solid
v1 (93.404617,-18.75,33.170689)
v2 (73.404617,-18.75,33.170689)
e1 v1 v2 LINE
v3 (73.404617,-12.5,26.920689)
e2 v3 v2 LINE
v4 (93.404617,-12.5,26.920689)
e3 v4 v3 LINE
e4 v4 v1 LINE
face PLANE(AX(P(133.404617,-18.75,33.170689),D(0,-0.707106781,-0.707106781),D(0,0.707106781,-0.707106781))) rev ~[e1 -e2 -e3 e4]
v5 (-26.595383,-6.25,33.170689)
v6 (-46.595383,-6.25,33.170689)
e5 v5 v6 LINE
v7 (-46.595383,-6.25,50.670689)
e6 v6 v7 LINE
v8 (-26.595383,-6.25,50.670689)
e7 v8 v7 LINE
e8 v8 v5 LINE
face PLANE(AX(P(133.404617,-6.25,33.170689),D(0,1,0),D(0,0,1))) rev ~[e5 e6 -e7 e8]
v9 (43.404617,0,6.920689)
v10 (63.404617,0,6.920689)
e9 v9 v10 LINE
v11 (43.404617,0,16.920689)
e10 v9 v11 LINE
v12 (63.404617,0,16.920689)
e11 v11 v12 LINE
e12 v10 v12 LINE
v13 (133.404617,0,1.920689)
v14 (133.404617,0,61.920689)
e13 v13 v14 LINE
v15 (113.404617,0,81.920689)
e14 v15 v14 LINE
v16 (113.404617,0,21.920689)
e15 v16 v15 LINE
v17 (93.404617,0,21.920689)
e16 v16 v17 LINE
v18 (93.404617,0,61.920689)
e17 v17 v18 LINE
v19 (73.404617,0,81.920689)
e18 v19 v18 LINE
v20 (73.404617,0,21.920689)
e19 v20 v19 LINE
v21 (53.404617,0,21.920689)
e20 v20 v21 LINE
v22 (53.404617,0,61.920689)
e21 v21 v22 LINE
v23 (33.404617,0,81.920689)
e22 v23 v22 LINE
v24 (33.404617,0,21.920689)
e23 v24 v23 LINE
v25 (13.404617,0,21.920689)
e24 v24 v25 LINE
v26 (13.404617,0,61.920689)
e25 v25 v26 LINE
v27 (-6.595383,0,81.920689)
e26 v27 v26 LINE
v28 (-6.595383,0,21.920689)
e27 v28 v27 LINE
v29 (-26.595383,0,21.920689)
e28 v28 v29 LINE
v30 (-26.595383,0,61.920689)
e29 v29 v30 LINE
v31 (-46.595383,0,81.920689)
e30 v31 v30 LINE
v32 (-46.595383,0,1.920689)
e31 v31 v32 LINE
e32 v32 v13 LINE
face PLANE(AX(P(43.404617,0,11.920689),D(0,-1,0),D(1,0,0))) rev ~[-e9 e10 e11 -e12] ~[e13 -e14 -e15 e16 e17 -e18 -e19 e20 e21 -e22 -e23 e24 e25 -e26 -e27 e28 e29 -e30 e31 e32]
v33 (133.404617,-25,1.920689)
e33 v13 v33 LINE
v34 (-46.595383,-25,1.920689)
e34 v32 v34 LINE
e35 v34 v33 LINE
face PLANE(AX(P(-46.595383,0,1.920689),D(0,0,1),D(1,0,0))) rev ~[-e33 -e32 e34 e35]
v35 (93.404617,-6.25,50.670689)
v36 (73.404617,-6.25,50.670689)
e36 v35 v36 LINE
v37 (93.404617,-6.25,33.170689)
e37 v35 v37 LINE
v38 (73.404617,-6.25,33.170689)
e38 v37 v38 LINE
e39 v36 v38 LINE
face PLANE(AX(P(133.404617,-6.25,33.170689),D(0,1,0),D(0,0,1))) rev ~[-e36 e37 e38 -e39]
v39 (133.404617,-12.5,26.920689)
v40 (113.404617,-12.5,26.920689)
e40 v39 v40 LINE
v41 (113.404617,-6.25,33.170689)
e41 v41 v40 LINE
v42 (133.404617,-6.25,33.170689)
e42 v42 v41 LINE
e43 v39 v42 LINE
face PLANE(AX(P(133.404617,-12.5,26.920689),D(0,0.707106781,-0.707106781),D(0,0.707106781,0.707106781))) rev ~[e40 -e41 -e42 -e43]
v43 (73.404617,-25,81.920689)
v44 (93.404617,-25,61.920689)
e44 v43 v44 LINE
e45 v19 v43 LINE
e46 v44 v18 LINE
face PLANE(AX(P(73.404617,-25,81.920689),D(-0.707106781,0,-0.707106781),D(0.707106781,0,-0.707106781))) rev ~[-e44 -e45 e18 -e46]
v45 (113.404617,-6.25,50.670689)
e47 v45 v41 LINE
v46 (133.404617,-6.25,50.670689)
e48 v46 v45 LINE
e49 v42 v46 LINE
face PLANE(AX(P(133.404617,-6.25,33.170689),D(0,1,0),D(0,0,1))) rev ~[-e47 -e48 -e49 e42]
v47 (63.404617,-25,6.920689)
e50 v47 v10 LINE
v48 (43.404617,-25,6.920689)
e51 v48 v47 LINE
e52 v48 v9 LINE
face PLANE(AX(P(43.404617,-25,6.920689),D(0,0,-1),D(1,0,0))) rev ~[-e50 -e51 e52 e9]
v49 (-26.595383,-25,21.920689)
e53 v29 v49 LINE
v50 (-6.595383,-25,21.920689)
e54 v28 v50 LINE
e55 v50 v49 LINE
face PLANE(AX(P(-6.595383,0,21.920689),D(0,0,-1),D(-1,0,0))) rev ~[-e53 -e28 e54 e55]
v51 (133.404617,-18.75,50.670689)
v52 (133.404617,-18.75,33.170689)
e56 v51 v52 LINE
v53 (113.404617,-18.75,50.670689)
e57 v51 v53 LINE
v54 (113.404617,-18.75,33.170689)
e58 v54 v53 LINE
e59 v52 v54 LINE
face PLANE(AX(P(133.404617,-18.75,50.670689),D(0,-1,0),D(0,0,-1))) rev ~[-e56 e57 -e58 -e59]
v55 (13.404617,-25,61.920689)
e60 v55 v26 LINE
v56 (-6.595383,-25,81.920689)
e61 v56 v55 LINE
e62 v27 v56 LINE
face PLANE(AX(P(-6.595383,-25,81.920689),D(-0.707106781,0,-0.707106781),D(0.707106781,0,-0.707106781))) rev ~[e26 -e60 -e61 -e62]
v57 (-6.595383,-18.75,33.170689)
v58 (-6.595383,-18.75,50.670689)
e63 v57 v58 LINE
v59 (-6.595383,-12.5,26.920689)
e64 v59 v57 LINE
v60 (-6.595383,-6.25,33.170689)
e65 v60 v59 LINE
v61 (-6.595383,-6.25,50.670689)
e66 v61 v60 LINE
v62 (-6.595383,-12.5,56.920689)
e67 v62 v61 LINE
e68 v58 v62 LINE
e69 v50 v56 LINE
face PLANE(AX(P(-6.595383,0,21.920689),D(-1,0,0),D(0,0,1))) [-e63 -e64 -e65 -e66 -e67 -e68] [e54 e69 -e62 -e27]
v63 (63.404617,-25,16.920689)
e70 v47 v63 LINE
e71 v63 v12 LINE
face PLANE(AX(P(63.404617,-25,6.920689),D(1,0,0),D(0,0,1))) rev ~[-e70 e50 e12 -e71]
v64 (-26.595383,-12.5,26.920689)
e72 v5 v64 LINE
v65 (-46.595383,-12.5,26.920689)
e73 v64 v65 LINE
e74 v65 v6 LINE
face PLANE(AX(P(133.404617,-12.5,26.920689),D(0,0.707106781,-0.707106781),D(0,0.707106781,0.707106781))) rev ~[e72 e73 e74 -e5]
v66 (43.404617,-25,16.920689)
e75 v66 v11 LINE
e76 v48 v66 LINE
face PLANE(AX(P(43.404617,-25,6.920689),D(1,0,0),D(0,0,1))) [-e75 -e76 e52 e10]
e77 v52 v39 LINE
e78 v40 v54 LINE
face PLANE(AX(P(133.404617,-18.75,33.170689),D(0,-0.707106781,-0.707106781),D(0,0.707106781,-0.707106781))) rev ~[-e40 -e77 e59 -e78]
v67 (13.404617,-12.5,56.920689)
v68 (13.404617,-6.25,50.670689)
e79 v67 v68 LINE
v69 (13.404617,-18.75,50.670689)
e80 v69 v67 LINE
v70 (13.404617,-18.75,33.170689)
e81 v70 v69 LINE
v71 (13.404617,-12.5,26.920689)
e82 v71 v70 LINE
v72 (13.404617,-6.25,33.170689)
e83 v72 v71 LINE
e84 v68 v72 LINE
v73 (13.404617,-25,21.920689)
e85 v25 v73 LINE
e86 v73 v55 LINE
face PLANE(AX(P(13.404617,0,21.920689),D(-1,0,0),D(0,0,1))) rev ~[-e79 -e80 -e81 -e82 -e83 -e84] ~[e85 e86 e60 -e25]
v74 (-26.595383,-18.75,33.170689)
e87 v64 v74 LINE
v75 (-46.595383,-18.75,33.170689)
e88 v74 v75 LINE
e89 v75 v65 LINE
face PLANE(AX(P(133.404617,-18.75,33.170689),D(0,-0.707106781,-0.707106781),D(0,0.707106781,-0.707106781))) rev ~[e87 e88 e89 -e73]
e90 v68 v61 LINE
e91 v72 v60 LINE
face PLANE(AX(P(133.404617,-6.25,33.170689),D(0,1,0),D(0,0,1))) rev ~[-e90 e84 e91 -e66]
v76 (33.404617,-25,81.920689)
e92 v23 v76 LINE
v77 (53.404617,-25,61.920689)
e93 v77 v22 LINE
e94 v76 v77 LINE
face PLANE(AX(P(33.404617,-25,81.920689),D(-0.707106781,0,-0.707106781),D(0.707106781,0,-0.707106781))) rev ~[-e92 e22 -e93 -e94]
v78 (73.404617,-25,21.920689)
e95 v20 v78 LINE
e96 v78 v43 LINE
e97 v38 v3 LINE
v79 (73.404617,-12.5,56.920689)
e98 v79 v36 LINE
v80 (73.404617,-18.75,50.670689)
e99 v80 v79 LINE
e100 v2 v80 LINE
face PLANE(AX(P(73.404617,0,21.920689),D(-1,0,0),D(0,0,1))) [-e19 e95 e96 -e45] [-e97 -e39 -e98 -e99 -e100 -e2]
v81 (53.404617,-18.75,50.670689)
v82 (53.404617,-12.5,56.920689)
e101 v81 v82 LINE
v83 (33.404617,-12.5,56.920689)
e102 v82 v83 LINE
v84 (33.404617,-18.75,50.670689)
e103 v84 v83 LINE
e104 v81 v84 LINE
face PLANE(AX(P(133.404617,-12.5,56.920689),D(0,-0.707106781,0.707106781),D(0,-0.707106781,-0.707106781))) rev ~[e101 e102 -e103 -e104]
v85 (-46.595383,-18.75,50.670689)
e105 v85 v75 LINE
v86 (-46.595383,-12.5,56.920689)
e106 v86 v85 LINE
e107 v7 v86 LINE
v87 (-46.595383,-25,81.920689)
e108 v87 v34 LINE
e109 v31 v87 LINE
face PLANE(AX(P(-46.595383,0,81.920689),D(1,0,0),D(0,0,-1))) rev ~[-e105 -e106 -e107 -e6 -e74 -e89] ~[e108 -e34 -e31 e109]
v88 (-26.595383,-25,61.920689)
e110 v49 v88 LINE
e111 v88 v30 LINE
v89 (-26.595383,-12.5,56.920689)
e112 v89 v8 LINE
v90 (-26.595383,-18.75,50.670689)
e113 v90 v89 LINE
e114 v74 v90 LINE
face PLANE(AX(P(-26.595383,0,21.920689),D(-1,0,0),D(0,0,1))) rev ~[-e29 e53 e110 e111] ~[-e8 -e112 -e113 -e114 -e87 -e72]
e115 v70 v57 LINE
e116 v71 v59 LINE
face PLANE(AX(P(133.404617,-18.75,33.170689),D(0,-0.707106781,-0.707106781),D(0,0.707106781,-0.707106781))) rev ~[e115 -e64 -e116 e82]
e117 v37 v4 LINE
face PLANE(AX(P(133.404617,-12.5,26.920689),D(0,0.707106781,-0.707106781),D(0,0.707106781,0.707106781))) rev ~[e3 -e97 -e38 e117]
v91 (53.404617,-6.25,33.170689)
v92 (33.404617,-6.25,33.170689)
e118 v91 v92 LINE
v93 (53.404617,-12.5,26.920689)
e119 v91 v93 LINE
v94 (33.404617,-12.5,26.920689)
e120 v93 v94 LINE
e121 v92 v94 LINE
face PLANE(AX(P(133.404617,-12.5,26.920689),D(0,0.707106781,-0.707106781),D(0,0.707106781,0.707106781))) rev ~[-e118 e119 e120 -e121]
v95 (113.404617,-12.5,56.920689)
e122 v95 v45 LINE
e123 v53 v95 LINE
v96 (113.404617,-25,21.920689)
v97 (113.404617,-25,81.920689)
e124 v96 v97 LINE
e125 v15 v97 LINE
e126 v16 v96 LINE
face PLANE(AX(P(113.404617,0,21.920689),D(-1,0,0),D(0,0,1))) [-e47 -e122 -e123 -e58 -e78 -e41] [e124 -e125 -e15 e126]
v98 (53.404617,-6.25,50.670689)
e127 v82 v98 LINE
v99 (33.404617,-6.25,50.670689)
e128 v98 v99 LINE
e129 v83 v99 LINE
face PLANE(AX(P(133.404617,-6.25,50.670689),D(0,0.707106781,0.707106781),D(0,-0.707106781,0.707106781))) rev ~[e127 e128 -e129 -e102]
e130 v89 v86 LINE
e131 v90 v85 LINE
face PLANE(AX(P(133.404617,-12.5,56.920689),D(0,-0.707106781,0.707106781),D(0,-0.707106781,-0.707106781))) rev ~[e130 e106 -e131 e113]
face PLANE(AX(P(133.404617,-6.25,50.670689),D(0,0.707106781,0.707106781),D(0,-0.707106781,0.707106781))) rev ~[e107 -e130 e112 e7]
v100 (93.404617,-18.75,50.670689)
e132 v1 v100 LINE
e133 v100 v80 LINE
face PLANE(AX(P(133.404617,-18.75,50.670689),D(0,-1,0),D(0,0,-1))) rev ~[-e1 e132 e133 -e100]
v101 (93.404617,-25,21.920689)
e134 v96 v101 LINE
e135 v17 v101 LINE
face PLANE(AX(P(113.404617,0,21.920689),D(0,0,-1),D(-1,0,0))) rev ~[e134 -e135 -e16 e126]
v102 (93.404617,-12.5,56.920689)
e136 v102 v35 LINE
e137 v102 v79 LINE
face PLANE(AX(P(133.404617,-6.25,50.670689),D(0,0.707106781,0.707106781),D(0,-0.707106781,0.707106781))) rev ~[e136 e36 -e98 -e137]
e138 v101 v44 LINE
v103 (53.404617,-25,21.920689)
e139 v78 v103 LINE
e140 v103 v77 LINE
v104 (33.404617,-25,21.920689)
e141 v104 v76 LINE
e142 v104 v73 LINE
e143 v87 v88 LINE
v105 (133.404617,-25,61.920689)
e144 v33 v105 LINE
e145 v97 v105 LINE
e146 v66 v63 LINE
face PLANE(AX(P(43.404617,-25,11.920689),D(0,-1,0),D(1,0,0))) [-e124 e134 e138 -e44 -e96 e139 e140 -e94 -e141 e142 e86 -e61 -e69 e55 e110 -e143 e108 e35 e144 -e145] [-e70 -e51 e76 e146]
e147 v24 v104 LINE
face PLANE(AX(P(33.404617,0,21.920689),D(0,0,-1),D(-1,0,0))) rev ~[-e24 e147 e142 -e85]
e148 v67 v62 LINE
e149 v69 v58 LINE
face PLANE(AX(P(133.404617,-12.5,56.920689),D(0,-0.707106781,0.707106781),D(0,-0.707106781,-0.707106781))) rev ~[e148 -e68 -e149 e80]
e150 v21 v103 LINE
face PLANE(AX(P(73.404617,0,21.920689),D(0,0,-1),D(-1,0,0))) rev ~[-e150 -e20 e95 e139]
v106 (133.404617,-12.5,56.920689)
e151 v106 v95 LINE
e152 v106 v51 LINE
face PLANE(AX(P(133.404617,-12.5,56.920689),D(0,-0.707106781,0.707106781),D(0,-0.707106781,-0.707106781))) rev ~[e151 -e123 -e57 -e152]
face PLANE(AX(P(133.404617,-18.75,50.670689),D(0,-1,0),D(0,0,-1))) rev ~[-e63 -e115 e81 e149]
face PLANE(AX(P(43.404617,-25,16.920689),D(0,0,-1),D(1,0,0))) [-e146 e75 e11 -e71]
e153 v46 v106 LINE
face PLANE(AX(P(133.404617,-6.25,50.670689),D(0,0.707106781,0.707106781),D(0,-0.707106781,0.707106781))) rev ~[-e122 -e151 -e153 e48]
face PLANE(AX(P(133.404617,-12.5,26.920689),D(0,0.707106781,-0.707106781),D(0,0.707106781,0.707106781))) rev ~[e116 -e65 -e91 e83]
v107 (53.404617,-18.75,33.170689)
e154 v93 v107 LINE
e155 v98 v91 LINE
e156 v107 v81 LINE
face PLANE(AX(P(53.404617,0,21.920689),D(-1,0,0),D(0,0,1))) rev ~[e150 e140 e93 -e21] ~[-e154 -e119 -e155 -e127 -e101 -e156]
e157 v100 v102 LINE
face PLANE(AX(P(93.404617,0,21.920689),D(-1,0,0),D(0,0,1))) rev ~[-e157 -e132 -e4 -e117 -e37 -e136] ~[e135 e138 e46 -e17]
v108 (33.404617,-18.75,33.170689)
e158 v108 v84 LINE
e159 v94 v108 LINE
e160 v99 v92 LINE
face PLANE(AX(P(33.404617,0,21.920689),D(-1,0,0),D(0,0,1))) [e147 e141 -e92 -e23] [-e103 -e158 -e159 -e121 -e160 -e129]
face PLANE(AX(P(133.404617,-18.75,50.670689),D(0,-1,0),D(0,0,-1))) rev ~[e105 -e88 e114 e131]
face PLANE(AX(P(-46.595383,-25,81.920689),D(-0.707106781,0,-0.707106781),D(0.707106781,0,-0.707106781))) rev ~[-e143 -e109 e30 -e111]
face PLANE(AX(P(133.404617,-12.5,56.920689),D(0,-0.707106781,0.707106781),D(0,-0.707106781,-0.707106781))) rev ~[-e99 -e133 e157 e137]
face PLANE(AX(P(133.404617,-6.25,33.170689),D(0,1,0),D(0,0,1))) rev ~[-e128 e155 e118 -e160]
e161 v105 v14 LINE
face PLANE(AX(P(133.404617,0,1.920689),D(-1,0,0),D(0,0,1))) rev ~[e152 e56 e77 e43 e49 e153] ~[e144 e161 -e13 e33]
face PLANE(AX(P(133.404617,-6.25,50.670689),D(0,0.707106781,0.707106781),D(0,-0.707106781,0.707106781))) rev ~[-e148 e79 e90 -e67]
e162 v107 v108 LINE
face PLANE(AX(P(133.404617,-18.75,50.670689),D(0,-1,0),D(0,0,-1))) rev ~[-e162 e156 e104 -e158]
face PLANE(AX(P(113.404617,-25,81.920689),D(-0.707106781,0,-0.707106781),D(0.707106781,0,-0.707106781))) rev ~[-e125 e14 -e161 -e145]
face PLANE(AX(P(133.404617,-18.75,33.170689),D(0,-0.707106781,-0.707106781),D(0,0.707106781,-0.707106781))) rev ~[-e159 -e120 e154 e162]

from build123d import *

# Parameters (mm, degrees)
F0_W     = 20
F0_H     = 60
F1_DEPTH = 25
F3_DEPTH = 180.001
F5_DEPTH = 25.001
F6_W     = 20
F6_H     = 10
F7_DEPTH = 25.001


with BuildPart() as f1:
    # F0 (on Front) → F1 (new body)
    with BuildSketch(Plane.XZ):
        Polygon((-46.595383, 21.920689), (-46.595383, 1.920689), (133.404617, 1.920689), (133.404617, 21.920689), (113.404617, 21.920689), (93.404617, 21.920689), (73.404617, 21.920689), (53.404617, 21.920689), (33.404617, 21.920689), (13.404617, 21.920689), (-6.595383, 21.920689), (-26.595383, 21.920689), align=None)
        with Locations((-36.595383, 51.920689)):
            Rectangle(F0_W, F0_H)
        with Locations((123.404617, 51.920689)):
            Rectangle(F0_W, F0_H)
        with Locations((3.404617, 51.920689)):
            Rectangle(F0_W, F0_H)
        with Locations((83.404617, 51.920689)):
            Rectangle(F0_W, F0_H)
        with Locations((43.404617, 51.920689)):
            Rectangle(F0_W, F0_H)
    extrude(amount=F1_DEPTH)

    # F2 (on face) → F3 (cut, through all)
    with BuildSketch(Plane.YZ.offset(133.404617)):
        Polygon((-18.75, 50.670689), (-18.75, 33.170689), (-12.5, 26.920689), (-6.25, 33.170689), (-6.25, 50.670689), (-12.5, 56.920689), align=None)
    extrude(amount=-F3_DEPTH, mode=Mode.SUBTRACT)

    # F4 (on face) → F5 (cut, through all)
    with BuildSketch(Plane.XZ.offset(25)):
        Polygon((-26.595383, 81.920689), (-46.595383, 81.920689), (-26.595383, 61.920689), align=None)
        Polygon((13.404617, 81.920689), (-6.595383, 81.920689), (13.404617, 61.920689), align=None)
        Polygon((53.404617, 81.920689), (33.404617, 81.920689), (53.404617, 61.920689), align=None)
        Polygon((93.404617, 81.920689), (73.404617, 81.920689), (93.404617, 61.920689), align=None)
        Polygon((133.404617, 81.920689), (113.404617, 81.920689), (133.404617, 61.920689), align=None)
    extrude(amount=-F5_DEPTH, mode=Mode.SUBTRACT)

    # F6 (on face) → F7 (cut, through all)
    with BuildSketch(Plane.XZ.offset(25)):
        with Locations((53.404617, 11.920689)):
            Rectangle(F6_W, F6_H)
    extrude(amount=-F7_DEPTH, mode=Mode.SUBTRACT)


solid = f1.part
